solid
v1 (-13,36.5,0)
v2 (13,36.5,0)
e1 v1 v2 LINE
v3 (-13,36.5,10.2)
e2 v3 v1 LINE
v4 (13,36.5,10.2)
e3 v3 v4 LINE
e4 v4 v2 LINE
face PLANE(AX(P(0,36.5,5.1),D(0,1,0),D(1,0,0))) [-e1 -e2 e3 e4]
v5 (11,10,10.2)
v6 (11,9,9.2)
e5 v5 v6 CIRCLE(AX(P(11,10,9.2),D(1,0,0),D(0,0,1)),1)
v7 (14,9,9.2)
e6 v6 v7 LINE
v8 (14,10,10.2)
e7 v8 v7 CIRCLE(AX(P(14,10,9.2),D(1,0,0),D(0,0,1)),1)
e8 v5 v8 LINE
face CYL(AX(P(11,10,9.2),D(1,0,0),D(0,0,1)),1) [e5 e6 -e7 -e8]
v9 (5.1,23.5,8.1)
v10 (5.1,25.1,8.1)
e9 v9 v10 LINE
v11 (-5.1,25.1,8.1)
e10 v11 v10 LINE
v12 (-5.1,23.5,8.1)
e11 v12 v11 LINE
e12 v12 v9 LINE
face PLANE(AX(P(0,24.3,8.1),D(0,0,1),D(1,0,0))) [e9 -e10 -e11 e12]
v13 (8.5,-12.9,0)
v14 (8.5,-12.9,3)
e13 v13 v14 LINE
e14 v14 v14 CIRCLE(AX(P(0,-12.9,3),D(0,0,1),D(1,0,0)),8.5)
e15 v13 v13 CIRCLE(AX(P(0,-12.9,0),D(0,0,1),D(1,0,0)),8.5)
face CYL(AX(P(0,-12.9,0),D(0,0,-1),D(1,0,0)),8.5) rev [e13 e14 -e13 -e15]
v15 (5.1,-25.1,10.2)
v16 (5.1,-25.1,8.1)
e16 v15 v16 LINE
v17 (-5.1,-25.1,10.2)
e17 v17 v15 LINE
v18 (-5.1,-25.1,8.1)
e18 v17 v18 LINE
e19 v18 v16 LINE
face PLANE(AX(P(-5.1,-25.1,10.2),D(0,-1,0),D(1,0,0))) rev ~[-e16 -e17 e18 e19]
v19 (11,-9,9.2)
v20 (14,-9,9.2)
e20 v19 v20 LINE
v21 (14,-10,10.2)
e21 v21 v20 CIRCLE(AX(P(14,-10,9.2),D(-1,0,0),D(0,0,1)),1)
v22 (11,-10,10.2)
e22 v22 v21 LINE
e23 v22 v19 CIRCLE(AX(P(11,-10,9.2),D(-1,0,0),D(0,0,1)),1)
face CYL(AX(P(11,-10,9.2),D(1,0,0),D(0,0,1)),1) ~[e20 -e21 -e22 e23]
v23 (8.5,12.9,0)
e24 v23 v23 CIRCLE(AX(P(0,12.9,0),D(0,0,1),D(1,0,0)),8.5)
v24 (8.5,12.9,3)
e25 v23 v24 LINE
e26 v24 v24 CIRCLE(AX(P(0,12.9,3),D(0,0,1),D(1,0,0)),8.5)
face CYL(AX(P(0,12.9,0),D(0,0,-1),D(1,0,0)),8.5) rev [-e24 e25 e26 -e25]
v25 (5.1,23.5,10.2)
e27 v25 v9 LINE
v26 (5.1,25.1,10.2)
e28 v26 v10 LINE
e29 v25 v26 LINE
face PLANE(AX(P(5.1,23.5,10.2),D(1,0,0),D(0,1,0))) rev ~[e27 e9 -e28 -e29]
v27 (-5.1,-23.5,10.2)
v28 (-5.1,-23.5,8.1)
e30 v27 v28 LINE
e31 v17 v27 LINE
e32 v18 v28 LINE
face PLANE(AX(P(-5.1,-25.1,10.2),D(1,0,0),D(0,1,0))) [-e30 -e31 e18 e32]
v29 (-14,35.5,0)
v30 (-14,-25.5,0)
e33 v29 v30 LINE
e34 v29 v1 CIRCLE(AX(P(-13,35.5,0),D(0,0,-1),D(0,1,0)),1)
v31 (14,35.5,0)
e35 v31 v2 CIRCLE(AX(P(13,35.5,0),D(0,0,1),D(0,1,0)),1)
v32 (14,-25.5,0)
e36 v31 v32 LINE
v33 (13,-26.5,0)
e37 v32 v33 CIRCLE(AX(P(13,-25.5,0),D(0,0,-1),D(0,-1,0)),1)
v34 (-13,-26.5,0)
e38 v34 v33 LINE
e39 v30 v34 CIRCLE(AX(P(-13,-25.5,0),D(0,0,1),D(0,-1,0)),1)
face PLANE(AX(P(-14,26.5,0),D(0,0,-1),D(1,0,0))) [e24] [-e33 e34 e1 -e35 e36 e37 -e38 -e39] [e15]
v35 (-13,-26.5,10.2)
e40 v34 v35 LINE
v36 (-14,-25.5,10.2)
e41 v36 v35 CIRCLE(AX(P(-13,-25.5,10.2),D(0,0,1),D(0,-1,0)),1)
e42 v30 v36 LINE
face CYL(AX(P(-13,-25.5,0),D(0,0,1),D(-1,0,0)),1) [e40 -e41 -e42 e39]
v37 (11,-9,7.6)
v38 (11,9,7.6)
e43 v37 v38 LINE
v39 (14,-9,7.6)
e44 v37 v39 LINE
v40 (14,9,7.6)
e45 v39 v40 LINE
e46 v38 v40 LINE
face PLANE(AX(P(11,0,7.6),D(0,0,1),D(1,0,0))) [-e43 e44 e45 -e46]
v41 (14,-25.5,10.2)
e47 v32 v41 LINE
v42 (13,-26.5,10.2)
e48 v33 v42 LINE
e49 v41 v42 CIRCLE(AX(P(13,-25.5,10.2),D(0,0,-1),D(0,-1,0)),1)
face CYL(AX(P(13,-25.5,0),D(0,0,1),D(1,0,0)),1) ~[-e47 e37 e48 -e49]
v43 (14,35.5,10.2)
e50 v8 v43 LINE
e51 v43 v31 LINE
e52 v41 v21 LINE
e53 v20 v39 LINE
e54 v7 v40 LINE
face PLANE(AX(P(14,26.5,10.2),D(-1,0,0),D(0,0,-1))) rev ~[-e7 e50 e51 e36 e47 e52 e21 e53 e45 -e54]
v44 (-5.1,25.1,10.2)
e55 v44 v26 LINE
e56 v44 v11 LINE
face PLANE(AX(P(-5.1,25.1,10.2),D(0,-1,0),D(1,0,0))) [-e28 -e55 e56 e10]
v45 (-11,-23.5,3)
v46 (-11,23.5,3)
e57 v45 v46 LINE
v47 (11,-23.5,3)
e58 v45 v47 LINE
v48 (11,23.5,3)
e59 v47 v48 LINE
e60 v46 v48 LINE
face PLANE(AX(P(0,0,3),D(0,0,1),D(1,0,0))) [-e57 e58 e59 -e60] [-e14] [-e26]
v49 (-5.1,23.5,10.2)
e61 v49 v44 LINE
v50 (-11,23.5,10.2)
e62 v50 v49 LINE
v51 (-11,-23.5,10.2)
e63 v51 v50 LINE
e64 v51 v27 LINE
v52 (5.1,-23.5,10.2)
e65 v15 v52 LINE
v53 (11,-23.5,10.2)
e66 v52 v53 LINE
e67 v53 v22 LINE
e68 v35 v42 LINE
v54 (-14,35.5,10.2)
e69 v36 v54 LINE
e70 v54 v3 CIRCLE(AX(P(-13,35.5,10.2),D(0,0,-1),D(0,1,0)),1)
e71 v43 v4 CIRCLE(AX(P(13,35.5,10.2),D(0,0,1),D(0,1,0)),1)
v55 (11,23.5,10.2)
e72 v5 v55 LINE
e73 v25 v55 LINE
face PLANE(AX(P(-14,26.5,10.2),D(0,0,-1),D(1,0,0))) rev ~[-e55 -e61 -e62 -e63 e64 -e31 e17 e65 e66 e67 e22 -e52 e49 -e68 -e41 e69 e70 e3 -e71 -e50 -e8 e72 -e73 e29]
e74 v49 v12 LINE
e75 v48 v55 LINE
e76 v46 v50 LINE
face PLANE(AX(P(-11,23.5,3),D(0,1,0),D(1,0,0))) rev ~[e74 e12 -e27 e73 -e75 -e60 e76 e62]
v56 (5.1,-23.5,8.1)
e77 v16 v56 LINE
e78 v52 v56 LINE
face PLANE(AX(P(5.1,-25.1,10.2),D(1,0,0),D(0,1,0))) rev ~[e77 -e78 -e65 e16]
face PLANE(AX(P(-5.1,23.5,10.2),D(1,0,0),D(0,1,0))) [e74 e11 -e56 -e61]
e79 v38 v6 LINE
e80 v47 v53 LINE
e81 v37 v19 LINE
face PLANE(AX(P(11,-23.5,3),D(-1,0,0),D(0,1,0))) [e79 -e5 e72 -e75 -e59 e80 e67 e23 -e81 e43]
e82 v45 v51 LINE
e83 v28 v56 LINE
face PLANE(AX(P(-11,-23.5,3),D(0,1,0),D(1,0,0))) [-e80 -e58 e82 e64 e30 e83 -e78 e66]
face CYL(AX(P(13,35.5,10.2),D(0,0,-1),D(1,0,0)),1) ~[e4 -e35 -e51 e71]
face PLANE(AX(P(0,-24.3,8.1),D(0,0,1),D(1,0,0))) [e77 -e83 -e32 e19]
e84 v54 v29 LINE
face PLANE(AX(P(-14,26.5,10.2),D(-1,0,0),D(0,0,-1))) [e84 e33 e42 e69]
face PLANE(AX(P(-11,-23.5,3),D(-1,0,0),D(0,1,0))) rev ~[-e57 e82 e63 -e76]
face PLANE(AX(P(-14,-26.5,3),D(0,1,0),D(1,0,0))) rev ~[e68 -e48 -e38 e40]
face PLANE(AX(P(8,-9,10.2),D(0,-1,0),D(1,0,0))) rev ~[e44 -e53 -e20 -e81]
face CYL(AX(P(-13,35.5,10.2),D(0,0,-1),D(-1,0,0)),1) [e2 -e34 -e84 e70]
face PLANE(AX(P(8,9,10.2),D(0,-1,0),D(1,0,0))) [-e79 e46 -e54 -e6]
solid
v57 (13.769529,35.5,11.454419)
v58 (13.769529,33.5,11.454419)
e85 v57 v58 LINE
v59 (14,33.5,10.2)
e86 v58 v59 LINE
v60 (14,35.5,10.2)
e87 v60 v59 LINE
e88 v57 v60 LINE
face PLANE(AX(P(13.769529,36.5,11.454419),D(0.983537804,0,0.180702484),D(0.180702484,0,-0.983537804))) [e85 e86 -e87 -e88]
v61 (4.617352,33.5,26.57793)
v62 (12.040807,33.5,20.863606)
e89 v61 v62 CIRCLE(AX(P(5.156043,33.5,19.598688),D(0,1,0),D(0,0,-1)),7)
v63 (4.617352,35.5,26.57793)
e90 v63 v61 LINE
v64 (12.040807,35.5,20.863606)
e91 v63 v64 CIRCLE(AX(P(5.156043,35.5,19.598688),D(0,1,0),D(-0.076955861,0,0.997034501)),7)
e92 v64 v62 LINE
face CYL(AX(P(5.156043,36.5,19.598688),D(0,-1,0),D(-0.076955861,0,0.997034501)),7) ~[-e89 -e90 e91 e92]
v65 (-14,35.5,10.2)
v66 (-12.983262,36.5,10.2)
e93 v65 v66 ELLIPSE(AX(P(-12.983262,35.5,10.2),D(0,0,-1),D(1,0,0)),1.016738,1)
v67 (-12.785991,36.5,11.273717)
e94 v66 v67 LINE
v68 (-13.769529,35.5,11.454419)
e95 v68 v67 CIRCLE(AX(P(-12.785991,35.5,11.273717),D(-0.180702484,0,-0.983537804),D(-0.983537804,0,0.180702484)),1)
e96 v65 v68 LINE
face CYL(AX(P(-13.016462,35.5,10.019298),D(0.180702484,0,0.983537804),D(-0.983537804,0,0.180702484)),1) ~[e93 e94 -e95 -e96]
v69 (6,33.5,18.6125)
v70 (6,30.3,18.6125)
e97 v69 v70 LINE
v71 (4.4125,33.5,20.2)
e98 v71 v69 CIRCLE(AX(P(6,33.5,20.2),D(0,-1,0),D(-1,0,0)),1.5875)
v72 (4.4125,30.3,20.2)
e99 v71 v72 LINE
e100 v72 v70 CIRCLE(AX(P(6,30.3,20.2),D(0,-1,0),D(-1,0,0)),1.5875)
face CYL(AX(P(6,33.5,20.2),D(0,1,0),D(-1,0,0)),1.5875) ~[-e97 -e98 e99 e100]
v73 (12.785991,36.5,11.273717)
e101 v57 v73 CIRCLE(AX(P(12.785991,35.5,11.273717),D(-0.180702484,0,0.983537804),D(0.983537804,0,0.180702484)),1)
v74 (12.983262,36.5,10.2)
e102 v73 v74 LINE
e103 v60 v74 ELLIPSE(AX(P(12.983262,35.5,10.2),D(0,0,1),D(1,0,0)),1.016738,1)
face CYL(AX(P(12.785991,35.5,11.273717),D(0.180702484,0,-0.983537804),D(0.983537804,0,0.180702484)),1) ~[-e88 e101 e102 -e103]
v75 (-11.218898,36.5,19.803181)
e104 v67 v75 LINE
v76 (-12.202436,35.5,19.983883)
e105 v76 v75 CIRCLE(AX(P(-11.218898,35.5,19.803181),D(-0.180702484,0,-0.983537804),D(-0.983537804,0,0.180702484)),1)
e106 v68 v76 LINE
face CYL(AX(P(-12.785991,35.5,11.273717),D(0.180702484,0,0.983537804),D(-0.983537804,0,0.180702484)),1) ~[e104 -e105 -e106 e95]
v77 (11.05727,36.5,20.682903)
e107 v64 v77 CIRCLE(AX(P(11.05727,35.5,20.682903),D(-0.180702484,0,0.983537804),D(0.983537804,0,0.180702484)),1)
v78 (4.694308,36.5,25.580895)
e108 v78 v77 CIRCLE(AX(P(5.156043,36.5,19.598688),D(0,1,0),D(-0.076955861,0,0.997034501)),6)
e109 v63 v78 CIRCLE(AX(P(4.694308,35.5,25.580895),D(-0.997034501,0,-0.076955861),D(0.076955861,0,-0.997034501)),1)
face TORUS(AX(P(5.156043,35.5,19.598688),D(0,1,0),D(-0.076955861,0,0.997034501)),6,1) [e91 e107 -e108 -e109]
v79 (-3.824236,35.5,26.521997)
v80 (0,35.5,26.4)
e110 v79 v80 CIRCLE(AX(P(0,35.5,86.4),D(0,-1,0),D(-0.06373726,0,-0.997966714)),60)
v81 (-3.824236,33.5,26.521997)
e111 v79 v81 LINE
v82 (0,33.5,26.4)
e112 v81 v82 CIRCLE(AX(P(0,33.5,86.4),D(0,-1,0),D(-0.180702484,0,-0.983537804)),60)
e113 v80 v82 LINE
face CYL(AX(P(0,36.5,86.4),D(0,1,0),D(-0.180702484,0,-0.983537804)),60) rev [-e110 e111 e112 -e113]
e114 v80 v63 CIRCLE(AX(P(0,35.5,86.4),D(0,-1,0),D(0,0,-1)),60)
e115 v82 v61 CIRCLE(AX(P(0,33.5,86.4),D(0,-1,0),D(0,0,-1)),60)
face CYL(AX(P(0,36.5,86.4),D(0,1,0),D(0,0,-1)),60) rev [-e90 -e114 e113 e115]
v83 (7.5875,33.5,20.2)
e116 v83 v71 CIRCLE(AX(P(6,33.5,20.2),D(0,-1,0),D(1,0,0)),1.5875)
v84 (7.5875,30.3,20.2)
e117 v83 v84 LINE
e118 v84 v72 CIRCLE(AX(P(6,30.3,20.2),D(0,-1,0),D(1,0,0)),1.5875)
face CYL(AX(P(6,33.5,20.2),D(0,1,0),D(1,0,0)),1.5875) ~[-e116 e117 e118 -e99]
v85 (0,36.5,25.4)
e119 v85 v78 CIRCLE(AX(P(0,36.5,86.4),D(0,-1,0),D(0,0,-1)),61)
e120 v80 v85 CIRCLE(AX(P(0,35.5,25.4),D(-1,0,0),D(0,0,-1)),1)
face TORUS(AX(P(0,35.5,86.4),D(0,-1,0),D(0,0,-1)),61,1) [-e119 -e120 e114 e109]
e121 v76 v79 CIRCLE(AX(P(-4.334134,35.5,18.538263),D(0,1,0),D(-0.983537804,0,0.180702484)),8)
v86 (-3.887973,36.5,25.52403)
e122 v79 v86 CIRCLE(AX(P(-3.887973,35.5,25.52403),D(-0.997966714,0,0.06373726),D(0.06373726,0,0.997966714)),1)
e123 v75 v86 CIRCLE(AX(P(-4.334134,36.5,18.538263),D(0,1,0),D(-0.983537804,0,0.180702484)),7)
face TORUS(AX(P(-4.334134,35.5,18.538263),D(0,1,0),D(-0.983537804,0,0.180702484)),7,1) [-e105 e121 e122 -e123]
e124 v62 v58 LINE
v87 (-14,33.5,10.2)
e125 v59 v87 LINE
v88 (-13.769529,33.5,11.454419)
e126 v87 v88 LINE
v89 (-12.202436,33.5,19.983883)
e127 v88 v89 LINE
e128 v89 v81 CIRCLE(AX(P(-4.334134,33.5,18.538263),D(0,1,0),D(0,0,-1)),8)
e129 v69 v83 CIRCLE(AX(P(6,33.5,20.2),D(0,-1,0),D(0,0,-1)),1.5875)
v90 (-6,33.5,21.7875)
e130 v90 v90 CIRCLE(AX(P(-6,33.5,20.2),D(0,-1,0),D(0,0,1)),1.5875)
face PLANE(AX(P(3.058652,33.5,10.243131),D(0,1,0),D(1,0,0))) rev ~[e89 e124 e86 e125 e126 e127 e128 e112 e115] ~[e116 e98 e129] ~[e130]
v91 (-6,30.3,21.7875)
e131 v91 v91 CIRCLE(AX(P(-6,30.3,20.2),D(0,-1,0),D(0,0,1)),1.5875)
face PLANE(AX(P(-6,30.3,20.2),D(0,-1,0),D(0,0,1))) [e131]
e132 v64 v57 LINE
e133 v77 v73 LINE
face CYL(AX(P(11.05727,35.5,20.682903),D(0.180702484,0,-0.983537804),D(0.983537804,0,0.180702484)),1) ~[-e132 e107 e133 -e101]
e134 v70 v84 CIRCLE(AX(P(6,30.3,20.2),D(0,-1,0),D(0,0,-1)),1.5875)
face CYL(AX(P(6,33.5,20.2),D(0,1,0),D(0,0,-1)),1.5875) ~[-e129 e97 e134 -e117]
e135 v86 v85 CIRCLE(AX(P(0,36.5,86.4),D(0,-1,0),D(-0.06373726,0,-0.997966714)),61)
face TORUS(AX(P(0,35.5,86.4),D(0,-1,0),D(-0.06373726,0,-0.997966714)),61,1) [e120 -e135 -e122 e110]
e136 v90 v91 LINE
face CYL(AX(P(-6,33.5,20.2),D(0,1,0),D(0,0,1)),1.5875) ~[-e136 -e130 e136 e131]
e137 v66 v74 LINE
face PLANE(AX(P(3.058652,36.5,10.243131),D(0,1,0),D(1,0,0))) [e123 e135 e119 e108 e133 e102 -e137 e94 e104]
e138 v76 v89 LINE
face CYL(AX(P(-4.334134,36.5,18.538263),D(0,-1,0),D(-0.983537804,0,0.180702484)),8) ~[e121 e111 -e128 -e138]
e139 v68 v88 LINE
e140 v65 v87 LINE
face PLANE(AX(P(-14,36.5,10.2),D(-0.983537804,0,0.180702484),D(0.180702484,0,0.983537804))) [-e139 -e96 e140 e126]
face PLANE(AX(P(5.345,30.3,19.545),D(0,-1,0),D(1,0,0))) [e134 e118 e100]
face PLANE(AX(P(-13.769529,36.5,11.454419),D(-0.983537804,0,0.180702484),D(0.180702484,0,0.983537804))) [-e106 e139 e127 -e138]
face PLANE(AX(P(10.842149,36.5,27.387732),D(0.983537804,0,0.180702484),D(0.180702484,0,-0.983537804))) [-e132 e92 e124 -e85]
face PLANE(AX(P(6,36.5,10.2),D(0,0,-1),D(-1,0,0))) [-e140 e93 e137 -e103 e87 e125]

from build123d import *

# Parameters (mm, degrees)
SKETCH2_W           = 28
SKETCH2_H           = 53
SKETCH2_W_2         = 22
SKETCH2_H_2         = 47
SKETCH2_R           = 8.5
BOSS_EXTRUDE1_DEPTH = 3
SKETCH3_W           = 28
SKETCH3_H           = 53
SKETCH3_W_2         = 22
SKETCH3_H_2         = 47
EXTRUDE_THIN1_DEPTH = 7.2
SKETCH4_W           = 6
SKETCH4_H           = 18
CUT_EXTRUDE1_DEPTH  = 2.6
SKETCH5_W           = 10.2
SKETCH5_H           = 1.6
CUT_EXTRUDE2_DEPTH  = 2.1
SKETCH6_W           = 28
SKETCH6_H           = 10.2
BOSS_EXTRUDE2_DEPTH = 10
SKETCH7_R           = 1.5875
BOSS_EXTRUDE3_DEPTH = 3
SKETCH8_R           = 1.5875
BOSS_EXTRUDE4_DEPTH = 3.2
FILLET1_R           = 8
FILLET2_R           = 7
FILLET3_R           = 1
FILLET4_R           = 1


with BuildPart() as part:
    # Sketch2 → Boss-Extrude1 (new body)
    # profile 1 of 2: a face of its own
    with BuildSketch(Plane.XY):
        Rectangle(SKETCH2_W, SKETCH2_H)
        Rectangle(SKETCH2_W_2, SKETCH2_H_2, mode=Mode.SUBTRACT)
    # profile 2 of 2: a face of its own
    with BuildSketch(Plane.XY):
        Rectangle(SKETCH2_W_2, SKETCH2_H_2)
        with Locations((0, 12.9)):
            Circle(SKETCH2_R, mode=Mode.SUBTRACT)
        with Locations((0, -12.9)):
            Circle(SKETCH2_R, mode=Mode.SUBTRACT)
    extrude(amount=BOSS_EXTRUDE1_DEPTH)

    # Sketch3 → Extrude-Thin1 (add)
    with BuildSketch(Plane.XY.offset(3)):
        Rectangle(SKETCH3_W, SKETCH3_H)
        Rectangle(SKETCH3_W_2, SKETCH3_H_2, mode=Mode.SUBTRACT)
    extrude(amount=EXTRUDE_THIN1_DEPTH)

    # Sketch4 → Cut-Extrude1 (cut)
    with BuildSketch(Plane.XY.offset(10.2)):
        with Locations((11, 0)):
            Rectangle(SKETCH4_W, SKETCH4_H)
    extrude(amount=-CUT_EXTRUDE1_DEPTH, mode=Mode.SUBTRACT)

    # Sketch5 → Cut-Extrude2 (cut)
    with BuildSketch(Plane.XY.offset(10.2)):
        with Locations((0, 24.3)):
            Rectangle(SKETCH5_W, SKETCH5_H)
        with Locations((0, -24.3)):
            Rectangle(SKETCH5_W, SKETCH5_H)
    extrude(amount=-CUT_EXTRUDE2_DEPTH, mode=Mode.SUBTRACT)

    # Sketch6 → Boss-Extrude2 (add)
    with BuildSketch(Plane(origin=(0, 26.5, 0), x_dir=(1, 0, 0), z_dir=(0, 1, 0))):
        with Locations((0, -5.1)):
            Rectangle(SKETCH6_W, SKETCH6_H)
    extrude(amount=BOSS_EXTRUDE2_DEPTH)

    # Fillet4
    fillet4_edges = [part.edges().sort_by_distance(p)[0] for p in [
        (-14, -26.5, 5.1),
        (14, -26.5, 5.1),
        (12.5, 9, 10.2),
        (12.5, -9, 10.2),
        (-14, 36.5, 5.1),
        (14, 36.5, 5.1),
    ]]
    fillet(fillet4_edges, radius=FILLET4_R)


with BuildPart() as body_2:
    # Sketch7 → Boss-Extrude3 (new body)
    # profile 1 of 11: a face of its own
    with BuildSketch(Plane(origin=(0, 36.5, 0), x_dir=(1, 0, 0), z_dir=(0, 1, 0))):
        with BuildLine():
            ThreePointArc((-13.769529259, -11.454419317), (-6.913275343, -10.514252827), (0, -10.2))
            Line((0, -10.2), (-14, -10.2))
            Line((-14, -10.2), (-13.769529259, -11.454419317))
        make_face()
    # profile 2 of 11: a face of its own
    with BuildSketch(Plane(origin=(0, 36.5, 0), x_dir=(1, 0, 0), z_dir=(0, 1, 0))):
        with BuildLine():
            Line((0, -20.2), (0, -10.2))
            ThreePointArc((0, -10.2), (-6.913275343, -10.514252827), (-13.769529259, -11.454419317))
            Line((-13.769529259, -11.454419317), (-10.842149023, -27.387731745))
            ThreePointArc((-10.842149023, -27.387731745), (-5.443523892, -26.647443171), (0, -26.4))
            Line((0, -26.4), (0, -20.2))
        make_face()
        with Locations((-6, -20.2)):
            Circle(SKETCH7_R, mode=Mode.SUBTRACT)
    # profile 3 of 11: a face of its own
    with BuildSketch(Plane(origin=(0, 36.5, 0), x_dir=(1, 0, 0), z_dir=(0, 1, 0))):
        with BuildLine():
            Line((4.4125, -20.2), (0, -20.2))
            Line((0, -20.2), (0, -26.4))
            ThreePointArc((0, -26.4), (5.443523892, -26.647443171), (10.842149023, -27.387731745))
            Line((10.842149023, -27.387731745), (13.769529259, -11.454419317))
            ThreePointArc((13.769529259, -11.454419317), (9.89785669, -10.845566424), (6, -10.436587754))
            Line((6, -10.436587754), (6, -18.6125))
            ThreePointArc((6, -18.6125), (7.122532015, -19.077467985), (7.5875, -20.2))
            ThreePointArc((7.5875, -20.2), (6, -21.7875), (4.4125, -20.2))
        make_face()
    # profile 4 of 11: a face of its own
    with BuildSketch(Plane(origin=(0, 36.5, 0), x_dir=(1, 0, 0), z_dir=(0, 1, 0))):
        with BuildLine():
            Line((14, -10.2), (6, -10.2))
            Line((6, -10.2), (6, -10.436587754))
            ThreePointArc((6, -10.436587754), (9.89785669, -10.845566424), (13.769529259, -11.454419317))
            Line((13.769529259, -11.454419317), (14, -10.2))
        make_face()
    # profile 5 of 11: a face of its own
    with BuildSketch(Plane(origin=(0, 36.5, 0), x_dir=(1, 0, 0), z_dir=(0, 1, 0))):
        with BuildLine():
            ThreePointArc((6, -10.436587754), (3.002331334, -10.259169912), (0, -10.2))
            Line((0, -10.2), (0, -20.2))
            Line((0, -20.2), (4.4125, -20.2))
            ThreePointArc((4.4125, -20.2), (4.877467985, -19.077467985), (6, -18.6125))
            Line((6, -18.6125), (6, -10.436587754))
        make_face()
    # profile 6 of 11: a face of its own
    with BuildSketch(Plane(origin=(0, 36.5, 0), x_dir=(1, 0, 0), z_dir=(0, 1, 0))):
        with Locations((-6, -20.2)):
            Circle(SKETCH7_R)
    # profile 7 of 11: a face of its own
    with BuildSketch(Plane(origin=(0, 36.5, 0), x_dir=(1, 0, 0), z_dir=(0, 1, 0))):
        with BuildLine():
            ThreePointArc((6, -18.6125), (4.877467985, -19.077467985), (4.4125, -20.2))
            Line((4.4125, -20.2), (6, -20.2))
            Line((6, -20.2), (6, -18.6125))
        make_face()
    # profile 8 of 11: a face of its own
    with BuildSketch(Plane(origin=(0, 36.5, 0), x_dir=(1, 0, 0), z_dir=(0, 1, 0))):
        with BuildLine():
            Line((6, -20.2), (4.4125, -20.2))
            ThreePointArc((4.4125, -20.2), (6, -21.7875), (7.5875, -20.2))
            ThreePointArc((7.5875, -20.2), (7.122532015, -19.077467985), (6, -18.6125))
            Line((6, -18.6125), (6, -20.2))
        make_face()
    # profile 9 of 11: a face of its own
    with BuildSketch(Plane(origin=(0, 36.5, 0), x_dir=(1, 0, 0), z_dir=(0, 1, 0))):
        with BuildLine():
            ThreePointArc((6, -18.6125), (4.877467985, -19.077467985), (4.4125, -20.2))
            Line((4.4125, -20.2), (6, -20.2))
            Line((6, -20.2), (6, -18.6125))
        make_face()
    # profile 10 of 11: a face of its own
    with BuildSketch(Plane(origin=(0, 36.5, 0), x_dir=(1, 0, 0), z_dir=(0, 1, 0))):
        with BuildLine():
            Line((6, -20.2), (4.4125, -20.2))
            ThreePointArc((4.4125, -20.2), (6, -21.7875), (7.5875, -20.2))
            ThreePointArc((7.5875, -20.2), (7.122532015, -19.077467985), (6, -18.6125))
            Line((6, -18.6125), (6, -20.2))
        make_face()
    # profile 11 of 11: a face of its own
    with BuildSketch(Plane(origin=(0, 36.5, 0), x_dir=(1, 0, 0), z_dir=(0, 1, 0))):
        with BuildLine():
            Line((6, -10.2), (0, -10.2))
            ThreePointArc((0, -10.2), (3.002331334, -10.259169912), (6, -10.436587754))
            Line((6, -10.436587754), (6, -10.2))
        make_face()
    extrude(amount=-BOSS_EXTRUDE3_DEPTH)

    # Sketch8 → Boss-Extrude4 (add)
    with BuildSketch(Plane.XZ.offset(-33.5)):
        with Locations(Location((-6, 20.2, 0), (0, 0, 90))):
            Circle(SKETCH8_R)
        with BuildLine():
            ThreePointArc((4.4125, 20.2), (4.877467985, 19.077467985), (6, 18.6125))
            Line((6, 18.6125), (6, 20.2))
            Line((6, 20.2), (4.4125, 20.2))
        make_face()
        with BuildLine():
            Line((6, 20.2), (6, 18.6125))
            ThreePointArc((6, 18.6125), (7.122532015, 19.077467985), (7.5875, 20.2))
            ThreePointArc((7.5875, 20.2), (6, 21.7875), (4.4125, 20.2))
            Line((4.4125, 20.2), (6, 20.2))
        make_face()
        with BuildLine():
            ThreePointArc((4.4125, 20.2), (4.877467985, 19.077467985), (6, 18.6125))
            Line((6, 18.6125), (6, 20.2))
            Line((6, 20.2), (4.4125, 20.2))
        make_face()
        with BuildLine():
            Line((6, 20.2), (6, 18.6125))
            ThreePointArc((6, 18.6125), (7.122532015, 19.077467985), (7.5875, 20.2))
            ThreePointArc((7.5875, 20.2), (6, 21.7875), (4.4125, 20.2))
            Line((4.4125, 20.2), (6, 20.2))
        make_face()
    extrude(amount=BOSS_EXTRUDE4_DEPTH)

    # Fillet1
    fillet1_edges = [body_2.edges().sort_by_distance(p)[0] for p in [
        (-10.842149023, 35, 27.387731745),
    ]]
    fillet(fillet1_edges, radius=FILLET1_R)

    # Fillet2
    fillet2_edges = [body_2.edges().sort_by_distance(p)[0] for p in [
        (10.842149023, 35, 27.387731745),
    ]]
    fillet(fillet2_edges, radius=FILLET2_R)

    # Fillet3
    fillet3_edges = [body_2.edges().sort_by_distance(p)[0] for p in [
        (-9.255846997, 36.5, 24.845143696),
        (0.397542937, 36.5, 26.401317018),
        (13.020403663, 36.5, 15.531802922),
        (9.425883158, 36.5, 25.145621163),
        (-13.101218066, 36.5, 15.091941669),
    ]]
    fillet(fillet3_edges, radius=FILLET3_R)


solid = Compound([part.part, body_2.part])
